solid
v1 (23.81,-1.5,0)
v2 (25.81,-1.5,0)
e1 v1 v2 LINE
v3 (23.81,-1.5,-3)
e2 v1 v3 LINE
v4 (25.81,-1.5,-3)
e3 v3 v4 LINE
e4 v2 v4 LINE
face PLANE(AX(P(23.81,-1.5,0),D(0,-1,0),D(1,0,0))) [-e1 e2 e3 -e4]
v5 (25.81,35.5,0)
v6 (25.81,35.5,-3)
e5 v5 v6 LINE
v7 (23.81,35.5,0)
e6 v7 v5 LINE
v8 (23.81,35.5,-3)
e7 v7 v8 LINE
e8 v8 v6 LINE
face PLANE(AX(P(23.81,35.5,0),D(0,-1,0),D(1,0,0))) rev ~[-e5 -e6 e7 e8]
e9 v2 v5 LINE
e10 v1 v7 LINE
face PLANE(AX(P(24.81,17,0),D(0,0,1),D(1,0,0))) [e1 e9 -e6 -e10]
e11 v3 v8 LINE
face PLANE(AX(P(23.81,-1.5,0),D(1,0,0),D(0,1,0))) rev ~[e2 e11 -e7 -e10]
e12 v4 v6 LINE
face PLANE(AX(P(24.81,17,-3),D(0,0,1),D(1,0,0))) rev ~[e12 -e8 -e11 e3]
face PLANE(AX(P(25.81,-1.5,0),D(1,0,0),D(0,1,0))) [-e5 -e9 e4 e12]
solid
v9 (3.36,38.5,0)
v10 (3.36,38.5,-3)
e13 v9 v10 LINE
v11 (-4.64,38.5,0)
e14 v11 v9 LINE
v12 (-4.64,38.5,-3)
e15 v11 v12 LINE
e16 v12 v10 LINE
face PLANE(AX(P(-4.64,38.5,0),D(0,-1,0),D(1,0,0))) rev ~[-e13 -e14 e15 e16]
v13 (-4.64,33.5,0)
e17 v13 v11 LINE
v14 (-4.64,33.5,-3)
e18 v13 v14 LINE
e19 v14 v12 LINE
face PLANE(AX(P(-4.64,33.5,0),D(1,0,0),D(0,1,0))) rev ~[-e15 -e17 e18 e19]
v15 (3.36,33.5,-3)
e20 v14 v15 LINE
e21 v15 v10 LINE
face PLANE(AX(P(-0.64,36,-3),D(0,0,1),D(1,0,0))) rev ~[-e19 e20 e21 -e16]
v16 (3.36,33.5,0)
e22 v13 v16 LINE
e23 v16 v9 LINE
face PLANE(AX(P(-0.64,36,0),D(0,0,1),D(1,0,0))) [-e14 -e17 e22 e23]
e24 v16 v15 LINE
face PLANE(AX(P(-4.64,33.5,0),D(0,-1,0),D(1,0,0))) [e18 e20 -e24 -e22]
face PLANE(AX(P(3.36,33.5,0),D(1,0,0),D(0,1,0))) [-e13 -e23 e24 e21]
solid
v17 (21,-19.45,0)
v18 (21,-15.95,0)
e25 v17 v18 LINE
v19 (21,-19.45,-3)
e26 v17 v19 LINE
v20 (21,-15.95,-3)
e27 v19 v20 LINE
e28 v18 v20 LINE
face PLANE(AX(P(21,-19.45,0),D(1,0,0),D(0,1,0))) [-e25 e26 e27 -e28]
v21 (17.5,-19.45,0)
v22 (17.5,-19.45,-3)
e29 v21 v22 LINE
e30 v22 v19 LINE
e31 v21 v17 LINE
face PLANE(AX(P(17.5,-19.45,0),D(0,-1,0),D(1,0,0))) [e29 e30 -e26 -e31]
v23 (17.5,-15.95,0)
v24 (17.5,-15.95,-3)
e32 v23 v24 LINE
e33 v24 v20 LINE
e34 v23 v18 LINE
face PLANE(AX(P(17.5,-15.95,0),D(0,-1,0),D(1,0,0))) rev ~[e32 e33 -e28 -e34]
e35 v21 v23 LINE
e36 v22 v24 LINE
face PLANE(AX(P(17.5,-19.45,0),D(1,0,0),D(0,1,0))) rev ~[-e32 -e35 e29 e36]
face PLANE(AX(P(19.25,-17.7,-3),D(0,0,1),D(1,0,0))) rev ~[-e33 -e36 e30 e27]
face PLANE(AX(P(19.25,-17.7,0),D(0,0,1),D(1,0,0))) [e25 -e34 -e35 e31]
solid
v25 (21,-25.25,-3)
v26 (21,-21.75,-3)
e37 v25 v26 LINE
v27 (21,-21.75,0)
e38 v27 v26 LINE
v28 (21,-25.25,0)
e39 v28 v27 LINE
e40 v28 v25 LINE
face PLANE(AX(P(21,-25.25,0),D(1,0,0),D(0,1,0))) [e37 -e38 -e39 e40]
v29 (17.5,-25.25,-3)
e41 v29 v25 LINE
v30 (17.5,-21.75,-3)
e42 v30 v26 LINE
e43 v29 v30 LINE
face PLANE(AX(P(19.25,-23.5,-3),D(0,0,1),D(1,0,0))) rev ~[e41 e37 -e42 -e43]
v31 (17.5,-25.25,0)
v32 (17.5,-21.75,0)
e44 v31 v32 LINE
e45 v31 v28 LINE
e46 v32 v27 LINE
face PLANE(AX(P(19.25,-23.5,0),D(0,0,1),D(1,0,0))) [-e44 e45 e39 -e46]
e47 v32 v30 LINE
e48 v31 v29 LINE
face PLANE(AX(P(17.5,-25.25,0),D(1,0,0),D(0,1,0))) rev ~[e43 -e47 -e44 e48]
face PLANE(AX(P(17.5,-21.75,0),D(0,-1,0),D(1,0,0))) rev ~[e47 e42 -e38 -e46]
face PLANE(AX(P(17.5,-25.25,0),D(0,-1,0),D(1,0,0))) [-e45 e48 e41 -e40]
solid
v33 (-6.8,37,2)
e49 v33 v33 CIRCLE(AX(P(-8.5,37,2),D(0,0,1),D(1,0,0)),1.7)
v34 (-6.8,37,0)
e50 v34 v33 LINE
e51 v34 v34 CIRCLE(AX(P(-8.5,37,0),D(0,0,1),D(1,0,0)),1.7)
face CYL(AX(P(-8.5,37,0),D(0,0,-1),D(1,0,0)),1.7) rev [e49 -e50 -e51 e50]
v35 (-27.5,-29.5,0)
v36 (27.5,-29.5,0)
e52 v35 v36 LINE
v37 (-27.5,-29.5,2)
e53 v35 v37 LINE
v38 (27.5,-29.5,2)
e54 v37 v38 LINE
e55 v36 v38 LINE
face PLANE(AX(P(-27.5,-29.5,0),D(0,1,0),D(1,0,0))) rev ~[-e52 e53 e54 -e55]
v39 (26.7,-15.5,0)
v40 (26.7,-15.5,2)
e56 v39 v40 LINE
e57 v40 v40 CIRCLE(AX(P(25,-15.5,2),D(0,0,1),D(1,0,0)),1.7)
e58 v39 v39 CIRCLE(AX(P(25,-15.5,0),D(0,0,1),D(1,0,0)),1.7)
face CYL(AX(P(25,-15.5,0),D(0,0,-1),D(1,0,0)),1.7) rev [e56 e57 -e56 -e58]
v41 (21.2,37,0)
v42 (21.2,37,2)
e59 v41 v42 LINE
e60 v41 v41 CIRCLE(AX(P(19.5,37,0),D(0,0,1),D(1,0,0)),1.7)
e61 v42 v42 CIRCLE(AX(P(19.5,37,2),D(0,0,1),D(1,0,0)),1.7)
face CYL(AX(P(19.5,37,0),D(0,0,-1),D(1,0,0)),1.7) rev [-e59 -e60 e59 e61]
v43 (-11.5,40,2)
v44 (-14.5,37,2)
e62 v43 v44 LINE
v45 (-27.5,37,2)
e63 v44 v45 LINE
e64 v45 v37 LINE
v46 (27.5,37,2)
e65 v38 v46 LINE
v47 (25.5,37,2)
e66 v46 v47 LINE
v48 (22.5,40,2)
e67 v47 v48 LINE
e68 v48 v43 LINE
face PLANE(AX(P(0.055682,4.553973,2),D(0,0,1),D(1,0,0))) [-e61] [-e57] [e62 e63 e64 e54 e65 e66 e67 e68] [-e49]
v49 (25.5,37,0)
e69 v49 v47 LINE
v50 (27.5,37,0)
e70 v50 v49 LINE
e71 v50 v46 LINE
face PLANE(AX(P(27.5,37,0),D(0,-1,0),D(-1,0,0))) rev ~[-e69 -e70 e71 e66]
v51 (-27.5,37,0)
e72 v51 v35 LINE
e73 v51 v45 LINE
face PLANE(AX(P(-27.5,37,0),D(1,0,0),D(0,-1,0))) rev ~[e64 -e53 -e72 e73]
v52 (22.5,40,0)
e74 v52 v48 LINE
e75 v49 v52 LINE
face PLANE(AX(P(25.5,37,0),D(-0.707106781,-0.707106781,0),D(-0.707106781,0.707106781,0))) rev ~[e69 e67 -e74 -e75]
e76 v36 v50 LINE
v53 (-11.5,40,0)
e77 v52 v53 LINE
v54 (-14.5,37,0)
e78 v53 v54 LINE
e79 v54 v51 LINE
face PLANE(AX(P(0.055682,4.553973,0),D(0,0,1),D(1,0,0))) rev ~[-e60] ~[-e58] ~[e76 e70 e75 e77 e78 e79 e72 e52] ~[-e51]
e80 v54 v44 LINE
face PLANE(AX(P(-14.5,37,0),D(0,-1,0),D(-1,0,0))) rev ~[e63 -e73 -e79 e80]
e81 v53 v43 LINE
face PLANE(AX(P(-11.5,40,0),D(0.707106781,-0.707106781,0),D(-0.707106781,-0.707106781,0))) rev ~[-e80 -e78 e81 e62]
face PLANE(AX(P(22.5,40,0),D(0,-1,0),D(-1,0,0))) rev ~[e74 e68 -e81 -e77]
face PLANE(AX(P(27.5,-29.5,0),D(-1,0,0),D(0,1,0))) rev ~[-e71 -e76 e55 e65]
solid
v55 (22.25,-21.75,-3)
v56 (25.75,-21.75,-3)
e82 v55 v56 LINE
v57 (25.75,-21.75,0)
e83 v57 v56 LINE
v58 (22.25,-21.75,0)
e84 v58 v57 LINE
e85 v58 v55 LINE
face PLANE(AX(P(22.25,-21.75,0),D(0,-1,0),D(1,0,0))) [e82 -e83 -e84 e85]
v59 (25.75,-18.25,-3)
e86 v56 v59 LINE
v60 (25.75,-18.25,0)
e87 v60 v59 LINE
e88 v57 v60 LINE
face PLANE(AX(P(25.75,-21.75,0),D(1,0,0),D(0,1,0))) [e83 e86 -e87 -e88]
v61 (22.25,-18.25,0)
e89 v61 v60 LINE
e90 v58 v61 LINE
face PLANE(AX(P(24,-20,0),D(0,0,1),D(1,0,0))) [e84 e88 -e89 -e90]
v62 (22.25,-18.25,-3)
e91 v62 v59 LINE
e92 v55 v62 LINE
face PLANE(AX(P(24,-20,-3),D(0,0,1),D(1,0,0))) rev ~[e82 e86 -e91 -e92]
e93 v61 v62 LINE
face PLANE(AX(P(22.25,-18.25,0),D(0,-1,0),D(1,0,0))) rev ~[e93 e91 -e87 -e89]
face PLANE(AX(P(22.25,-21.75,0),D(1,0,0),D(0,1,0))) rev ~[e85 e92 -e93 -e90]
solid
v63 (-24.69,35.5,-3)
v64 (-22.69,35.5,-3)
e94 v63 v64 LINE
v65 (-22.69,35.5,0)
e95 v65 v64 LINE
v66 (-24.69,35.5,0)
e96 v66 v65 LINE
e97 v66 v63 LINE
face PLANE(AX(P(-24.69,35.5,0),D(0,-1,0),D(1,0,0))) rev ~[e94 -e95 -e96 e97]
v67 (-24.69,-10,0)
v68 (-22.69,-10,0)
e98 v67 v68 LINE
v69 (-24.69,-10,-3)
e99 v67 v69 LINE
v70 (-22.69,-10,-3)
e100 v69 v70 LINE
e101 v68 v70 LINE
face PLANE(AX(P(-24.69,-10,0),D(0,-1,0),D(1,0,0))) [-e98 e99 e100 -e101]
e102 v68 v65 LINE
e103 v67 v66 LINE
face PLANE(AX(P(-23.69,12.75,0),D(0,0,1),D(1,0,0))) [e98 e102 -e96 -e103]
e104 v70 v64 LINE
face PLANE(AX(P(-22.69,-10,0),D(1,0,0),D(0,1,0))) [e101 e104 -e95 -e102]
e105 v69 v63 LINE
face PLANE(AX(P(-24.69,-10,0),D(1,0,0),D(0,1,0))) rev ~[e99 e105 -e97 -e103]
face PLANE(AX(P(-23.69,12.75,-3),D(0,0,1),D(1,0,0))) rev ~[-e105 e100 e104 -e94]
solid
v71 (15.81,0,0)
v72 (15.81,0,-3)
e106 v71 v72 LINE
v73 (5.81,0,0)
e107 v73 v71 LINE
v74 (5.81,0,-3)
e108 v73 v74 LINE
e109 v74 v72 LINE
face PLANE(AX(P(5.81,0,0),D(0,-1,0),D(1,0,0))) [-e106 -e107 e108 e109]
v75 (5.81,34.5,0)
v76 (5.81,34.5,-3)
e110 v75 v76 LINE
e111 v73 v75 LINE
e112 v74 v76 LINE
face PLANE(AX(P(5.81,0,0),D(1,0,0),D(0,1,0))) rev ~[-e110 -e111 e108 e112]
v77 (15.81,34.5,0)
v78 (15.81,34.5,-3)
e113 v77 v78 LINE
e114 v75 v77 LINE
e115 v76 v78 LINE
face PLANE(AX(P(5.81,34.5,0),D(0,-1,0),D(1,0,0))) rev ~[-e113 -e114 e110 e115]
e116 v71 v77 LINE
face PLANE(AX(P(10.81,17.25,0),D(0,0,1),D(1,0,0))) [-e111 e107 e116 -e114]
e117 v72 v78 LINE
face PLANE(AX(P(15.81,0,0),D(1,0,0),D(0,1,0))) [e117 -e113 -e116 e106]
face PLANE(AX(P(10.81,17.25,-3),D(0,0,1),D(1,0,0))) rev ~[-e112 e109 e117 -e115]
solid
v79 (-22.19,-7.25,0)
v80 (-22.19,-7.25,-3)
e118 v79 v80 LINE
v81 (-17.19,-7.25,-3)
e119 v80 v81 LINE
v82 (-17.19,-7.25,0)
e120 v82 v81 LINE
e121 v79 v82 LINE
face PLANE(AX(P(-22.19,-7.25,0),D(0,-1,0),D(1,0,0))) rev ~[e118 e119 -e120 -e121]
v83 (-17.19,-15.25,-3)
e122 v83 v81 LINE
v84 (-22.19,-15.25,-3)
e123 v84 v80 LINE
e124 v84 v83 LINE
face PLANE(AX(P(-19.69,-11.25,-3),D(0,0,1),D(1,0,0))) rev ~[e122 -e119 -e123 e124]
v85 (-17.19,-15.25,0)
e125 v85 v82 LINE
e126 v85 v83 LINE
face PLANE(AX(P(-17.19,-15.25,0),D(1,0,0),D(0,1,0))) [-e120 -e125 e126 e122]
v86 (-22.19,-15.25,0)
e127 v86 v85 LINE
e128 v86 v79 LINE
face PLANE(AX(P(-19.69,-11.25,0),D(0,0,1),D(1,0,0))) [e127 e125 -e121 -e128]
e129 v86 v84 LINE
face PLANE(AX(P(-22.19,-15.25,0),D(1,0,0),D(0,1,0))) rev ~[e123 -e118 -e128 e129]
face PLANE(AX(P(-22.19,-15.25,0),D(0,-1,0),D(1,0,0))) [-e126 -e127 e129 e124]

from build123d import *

# Parameters (mm, degrees)
F0_R     = 1.7
F1_DEPTH = 2
F2_W     = 5
F2_H     = 8
F2_W_2   = 3.5
F2_H_2   = 3.5
F2_W_3   = 8
F2_H_3   = 5
F2_W_4   = 10
F2_H_4   = 34.5
F2_W_5   = 2
F2_H_5   = 45.5
F2_H_6   = 37
F3_DEPTH = 3


with BuildPart() as f1:
    # F0 (on Top) → F1 (new body)
    with BuildSketch(Plane.XY):
        Polygon((-27.5, 37), (-27.5, -29.5), (27.5, -29.5), (27.5, 37), (25.5, 37), (22.5, 40), (-11.5, 40), (-14.5, 37), align=None)
        with Locations((25, -15.5)):
            Circle(F0_R, mode=Mode.SUBTRACT)
        with Locations((-8.5, 37)):
            Circle(F0_R, mode=Mode.SUBTRACT)
        with Locations((19.5, 37)):
            Circle(F0_R, mode=Mode.SUBTRACT)
    extrude(amount=F1_DEPTH)


with BuildPart() as f3:
    # F2 (on face) → F3 (new body)
    with BuildSketch(Plane.XY):
        with Locations((-19.69, -11.25)):
            Rectangle(F2_W, F2_H)
        with Locations((19.25, -17.7)):
            Rectangle(F2_W_2, F2_H_2)
        with Locations((24, -20)):
            Rectangle(F2_W_2, F2_H_2)
        with Locations((-0.64, 36)):
            Rectangle(F2_W_3, F2_H_3)
        with Locations((10.81, 17.25)):
            Rectangle(F2_W_4, F2_H_4)
        with Locations((-23.69, 12.75)):
            Rectangle(F2_W_5, F2_H_5)
        with Locations((24.81, 17)):
            Rectangle(F2_W_5, F2_H_6)
        with Locations((19.25, -23.5)):
            Rectangle(F2_W_2, F2_H_2)
    extrude(amount=-F3_DEPTH)


solid = Compound([f1.part, f3.part])
